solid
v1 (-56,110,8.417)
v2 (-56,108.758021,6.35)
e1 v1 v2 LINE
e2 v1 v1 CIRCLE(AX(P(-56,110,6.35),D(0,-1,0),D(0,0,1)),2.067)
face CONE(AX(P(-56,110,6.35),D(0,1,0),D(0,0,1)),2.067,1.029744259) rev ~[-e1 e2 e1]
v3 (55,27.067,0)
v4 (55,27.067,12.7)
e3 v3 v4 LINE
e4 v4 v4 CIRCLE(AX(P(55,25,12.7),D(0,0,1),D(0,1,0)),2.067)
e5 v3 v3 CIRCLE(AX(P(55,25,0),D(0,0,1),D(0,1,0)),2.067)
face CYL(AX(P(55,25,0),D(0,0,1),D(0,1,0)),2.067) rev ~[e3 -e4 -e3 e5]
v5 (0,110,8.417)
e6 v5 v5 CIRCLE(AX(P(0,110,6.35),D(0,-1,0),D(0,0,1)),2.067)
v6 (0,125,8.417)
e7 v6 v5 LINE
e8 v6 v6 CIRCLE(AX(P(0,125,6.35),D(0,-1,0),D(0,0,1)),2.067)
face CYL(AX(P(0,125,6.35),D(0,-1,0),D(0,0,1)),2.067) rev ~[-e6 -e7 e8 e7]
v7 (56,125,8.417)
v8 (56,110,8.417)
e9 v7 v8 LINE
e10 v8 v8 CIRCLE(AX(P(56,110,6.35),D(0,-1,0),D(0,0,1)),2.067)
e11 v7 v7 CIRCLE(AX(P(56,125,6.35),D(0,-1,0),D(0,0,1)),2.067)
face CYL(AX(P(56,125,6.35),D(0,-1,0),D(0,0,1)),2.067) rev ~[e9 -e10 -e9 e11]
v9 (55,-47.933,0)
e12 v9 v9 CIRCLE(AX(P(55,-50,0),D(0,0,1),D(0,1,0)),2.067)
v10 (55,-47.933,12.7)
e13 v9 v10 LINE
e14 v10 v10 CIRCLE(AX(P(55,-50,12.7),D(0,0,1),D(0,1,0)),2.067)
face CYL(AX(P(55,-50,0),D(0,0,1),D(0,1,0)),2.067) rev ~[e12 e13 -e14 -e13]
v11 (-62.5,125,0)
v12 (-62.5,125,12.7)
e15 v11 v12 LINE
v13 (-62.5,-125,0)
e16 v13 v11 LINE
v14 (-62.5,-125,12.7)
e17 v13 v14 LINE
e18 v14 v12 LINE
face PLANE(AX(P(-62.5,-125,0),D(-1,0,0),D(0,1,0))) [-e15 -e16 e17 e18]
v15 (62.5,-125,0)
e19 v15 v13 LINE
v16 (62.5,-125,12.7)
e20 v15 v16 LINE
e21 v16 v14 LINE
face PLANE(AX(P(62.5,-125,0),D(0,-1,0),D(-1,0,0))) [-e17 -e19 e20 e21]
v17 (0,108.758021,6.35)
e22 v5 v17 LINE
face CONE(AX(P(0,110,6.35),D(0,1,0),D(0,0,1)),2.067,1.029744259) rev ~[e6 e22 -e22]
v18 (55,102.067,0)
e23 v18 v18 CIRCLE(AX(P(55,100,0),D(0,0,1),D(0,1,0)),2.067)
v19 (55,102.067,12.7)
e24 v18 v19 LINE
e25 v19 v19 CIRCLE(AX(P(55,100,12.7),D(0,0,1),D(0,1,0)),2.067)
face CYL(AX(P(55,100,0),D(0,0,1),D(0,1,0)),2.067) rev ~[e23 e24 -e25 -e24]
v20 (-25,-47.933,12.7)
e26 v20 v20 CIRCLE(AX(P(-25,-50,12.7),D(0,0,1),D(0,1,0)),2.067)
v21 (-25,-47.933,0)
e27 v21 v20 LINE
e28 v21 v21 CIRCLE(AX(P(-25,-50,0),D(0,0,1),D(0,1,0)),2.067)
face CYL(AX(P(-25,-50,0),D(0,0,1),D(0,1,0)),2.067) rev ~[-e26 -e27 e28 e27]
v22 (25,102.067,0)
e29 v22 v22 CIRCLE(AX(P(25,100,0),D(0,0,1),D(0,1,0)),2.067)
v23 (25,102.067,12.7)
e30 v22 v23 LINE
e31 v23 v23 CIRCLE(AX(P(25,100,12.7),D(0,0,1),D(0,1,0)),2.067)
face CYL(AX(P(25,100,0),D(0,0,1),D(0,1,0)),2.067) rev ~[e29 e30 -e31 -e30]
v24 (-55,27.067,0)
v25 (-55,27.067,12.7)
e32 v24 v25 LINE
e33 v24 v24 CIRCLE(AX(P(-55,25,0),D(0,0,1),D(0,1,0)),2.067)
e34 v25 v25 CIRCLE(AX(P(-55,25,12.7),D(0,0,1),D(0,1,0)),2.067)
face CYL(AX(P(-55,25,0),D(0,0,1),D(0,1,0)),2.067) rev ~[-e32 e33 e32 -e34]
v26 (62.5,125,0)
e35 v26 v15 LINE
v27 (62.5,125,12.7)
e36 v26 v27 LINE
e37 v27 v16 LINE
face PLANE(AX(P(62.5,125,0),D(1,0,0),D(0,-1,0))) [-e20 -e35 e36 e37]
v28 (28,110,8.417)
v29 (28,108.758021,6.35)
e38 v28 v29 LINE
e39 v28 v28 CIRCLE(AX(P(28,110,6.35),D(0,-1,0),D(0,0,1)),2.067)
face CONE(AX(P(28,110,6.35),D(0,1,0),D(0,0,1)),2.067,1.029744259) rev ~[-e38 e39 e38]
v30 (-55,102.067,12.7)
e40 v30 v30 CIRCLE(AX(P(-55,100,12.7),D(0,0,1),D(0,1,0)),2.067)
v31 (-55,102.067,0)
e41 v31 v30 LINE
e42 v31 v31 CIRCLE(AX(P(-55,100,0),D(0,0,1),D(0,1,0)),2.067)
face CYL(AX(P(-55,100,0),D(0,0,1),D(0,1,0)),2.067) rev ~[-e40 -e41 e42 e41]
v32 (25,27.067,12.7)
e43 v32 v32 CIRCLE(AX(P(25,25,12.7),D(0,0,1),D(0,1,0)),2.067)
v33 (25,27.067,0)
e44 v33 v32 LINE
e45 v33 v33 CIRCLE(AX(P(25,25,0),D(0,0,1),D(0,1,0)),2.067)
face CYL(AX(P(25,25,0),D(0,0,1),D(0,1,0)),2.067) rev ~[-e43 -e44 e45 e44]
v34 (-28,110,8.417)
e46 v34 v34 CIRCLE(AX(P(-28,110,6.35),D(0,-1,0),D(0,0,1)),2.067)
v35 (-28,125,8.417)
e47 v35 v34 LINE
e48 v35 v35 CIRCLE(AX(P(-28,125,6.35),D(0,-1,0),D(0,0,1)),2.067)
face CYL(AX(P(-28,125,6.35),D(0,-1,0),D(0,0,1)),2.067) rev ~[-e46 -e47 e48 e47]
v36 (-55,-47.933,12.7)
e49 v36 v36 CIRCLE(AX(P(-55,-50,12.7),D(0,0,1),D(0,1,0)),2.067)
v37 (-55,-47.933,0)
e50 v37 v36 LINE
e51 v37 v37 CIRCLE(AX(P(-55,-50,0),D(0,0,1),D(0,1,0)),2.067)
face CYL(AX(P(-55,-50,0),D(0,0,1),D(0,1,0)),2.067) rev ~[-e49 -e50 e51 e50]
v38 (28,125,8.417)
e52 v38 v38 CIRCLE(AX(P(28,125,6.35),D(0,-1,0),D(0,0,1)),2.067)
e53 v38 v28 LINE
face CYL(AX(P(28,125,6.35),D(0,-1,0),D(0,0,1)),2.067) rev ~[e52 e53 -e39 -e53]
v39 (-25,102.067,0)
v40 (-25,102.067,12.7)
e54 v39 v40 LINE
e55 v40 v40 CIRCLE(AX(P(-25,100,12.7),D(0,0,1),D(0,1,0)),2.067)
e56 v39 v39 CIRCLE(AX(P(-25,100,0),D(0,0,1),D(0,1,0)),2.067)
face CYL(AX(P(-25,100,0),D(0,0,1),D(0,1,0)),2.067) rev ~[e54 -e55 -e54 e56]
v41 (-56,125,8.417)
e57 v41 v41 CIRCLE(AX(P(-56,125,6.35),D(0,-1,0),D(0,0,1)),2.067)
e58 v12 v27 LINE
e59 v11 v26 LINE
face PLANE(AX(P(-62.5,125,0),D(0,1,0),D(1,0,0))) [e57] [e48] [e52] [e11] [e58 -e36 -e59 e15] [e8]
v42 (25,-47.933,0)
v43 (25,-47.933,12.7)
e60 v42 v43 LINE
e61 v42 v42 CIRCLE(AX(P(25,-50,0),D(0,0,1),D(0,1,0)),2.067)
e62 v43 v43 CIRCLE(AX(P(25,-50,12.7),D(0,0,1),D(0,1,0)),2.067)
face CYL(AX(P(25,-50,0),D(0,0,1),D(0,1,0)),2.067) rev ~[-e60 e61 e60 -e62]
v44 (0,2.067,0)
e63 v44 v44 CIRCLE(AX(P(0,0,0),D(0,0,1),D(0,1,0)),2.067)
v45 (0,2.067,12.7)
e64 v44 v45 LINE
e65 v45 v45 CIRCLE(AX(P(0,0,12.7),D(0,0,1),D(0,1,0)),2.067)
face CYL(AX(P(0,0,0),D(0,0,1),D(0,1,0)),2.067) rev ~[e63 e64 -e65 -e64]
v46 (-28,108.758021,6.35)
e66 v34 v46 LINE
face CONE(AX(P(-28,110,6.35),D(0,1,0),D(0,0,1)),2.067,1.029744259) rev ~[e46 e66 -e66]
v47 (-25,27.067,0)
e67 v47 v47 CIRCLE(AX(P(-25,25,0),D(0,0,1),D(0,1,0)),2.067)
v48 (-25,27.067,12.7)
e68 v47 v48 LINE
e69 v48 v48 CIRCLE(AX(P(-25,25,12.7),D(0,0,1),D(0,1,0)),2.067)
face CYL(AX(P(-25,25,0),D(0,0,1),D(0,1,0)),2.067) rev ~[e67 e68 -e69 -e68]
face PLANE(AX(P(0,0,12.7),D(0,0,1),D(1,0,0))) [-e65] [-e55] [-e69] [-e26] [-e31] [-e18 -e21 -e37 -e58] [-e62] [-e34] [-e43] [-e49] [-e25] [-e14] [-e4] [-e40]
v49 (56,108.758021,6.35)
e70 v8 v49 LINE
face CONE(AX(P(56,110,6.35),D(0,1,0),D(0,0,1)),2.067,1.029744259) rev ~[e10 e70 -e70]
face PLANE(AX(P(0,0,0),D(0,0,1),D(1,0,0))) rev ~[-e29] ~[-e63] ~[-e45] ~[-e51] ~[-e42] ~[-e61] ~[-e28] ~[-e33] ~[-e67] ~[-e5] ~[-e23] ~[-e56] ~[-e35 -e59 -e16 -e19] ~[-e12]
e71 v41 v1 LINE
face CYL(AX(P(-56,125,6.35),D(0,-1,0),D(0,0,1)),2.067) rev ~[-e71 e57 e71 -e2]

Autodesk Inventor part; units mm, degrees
ref_plane "YZ Plane" through (0, 0, 0) normal (1, 0, 0) x (0, 1, 0)
ref_plane "XZ Plane" through (0, 0, 0) normal (0, 1, 0) x (-1, 0, 0)
ref_plane "XY Plane" through (0, 0, 0) normal (0, 0, 1) x (1, 0, 0)
sketch "Esboço1" plane through (0, 0, 0) normal (0, 0, 1) x (1, 0, 0)
  line L0 (-62.5, 125) -> (62.5, 125)
  line L1 (62.5, 125) -> (62.5, -125)
  line L2 (62.5, -125) -> (-62.5, -125)
  line L3 (-62.5, -125) -> (-62.5, 125)
  line L4 (-62.5, 125) -> (62.5, -125) construction
  line L5 (62.5, 125) -> (-62.5, -125) construction
  point P0 (0, 0)
  dimension "d0" = 125
  dimension "d1" = 250
extrude "Extrusão1" add sketch "Esboço1" along normal blind 12.7
sketch "Esboço4" plane through (0, 0, 0) normal (0, 0, -1) x (-1, 0, 0)
  circle A0 centre (-25, 100) radius 2.75 construction
  circle A1 centre (-55, 100) radius 2.75 construction
  circle A2 centre (25, 100) radius 2.75 construction
  circle A3 centre (55, 100) radius 2.75 construction
  circle A4 centre (55, 25) radius 2.75 construction
  circle A5 centre (25, 25) radius 2.75 construction
  circle A6 centre (55, -50) radius 2.75 construction
  circle A7 centre (25, -50) radius 2.75 construction
  circle A8 centre (-25, -50) radius 2.75 construction
  circle A9 centre (-55, -50) radius 2.75 construction
  circle A10 centre (-25, 25) radius 2.75 construction
  circle A11 centre (-55, 25) radius 2.75 construction
  point P0 (0, 0)
hole "Furo1" at (0, 0, 0) at (25, 100, 0) at (55, 100, 0) at (-25, 100, 0) at (-55, 100, 0) at (-55, 25, 0) at (-25, 25, 0) at (-55, -50, 0) at (-25, -50, 0) at (25, -50, 0) at (55, -50, 0) at (25, 25, 0) at (55, 25, 0) direction (0, 0, 1) diameter 4.134 end through all thread size "M5x0.8" class "6H" standard "ISO Metric profile"
sketch "Esboço5" plane through (-62.5, 125, 0) normal (0, 1, 0) x (1, 0, 0)
  line L0 (0, 0) -> (0, -12.7) construction
  line L1 (0, -6.35) -> (125, -6.35) construction
  line L2 (125, 0) -> (125, -12.7) construction
  circle A0 centre (62.5, -6.35) radius 2 construction
  circle A1 centre (90.5, -6.35) radius 2 construction
  circle A2 centre (118.5, -6.35) radius 2 construction
  circle A3 centre (34.5, -6.35) radius 2 construction
  circle A4 centre (62.5, -6.35) radius 2 construction
  circle A5 centre (90.5, -6.35) radius 2 construction
  circle A6 centre (6.5, -6.35) radius 2 construction
  circle A7 centre (34.5, -6.35) radius 2 construction
  circle A8 centre (62.5, -6.35) radius 2 construction
  point P0 (62.5, 0)
  dimension "d11" = 4
  dimension "d14" = 28
  dimension "d17" = 28
  dimension "d28" = 62.5
hole "Furo2" at (-56, 125, 6.35) at (-28, 125, 6.35) at (0, 125, 6.35) at (28, 125, 6.35) at (56, 125, 6.35) direction (0, -1, 0) diameter 4.134 depth 15 tip angle 118 thread size "M5x0.8" class "6H" standard "ISO Metric profile"
properties part number "BLOCO_SUPORTE_SPINDLE"
